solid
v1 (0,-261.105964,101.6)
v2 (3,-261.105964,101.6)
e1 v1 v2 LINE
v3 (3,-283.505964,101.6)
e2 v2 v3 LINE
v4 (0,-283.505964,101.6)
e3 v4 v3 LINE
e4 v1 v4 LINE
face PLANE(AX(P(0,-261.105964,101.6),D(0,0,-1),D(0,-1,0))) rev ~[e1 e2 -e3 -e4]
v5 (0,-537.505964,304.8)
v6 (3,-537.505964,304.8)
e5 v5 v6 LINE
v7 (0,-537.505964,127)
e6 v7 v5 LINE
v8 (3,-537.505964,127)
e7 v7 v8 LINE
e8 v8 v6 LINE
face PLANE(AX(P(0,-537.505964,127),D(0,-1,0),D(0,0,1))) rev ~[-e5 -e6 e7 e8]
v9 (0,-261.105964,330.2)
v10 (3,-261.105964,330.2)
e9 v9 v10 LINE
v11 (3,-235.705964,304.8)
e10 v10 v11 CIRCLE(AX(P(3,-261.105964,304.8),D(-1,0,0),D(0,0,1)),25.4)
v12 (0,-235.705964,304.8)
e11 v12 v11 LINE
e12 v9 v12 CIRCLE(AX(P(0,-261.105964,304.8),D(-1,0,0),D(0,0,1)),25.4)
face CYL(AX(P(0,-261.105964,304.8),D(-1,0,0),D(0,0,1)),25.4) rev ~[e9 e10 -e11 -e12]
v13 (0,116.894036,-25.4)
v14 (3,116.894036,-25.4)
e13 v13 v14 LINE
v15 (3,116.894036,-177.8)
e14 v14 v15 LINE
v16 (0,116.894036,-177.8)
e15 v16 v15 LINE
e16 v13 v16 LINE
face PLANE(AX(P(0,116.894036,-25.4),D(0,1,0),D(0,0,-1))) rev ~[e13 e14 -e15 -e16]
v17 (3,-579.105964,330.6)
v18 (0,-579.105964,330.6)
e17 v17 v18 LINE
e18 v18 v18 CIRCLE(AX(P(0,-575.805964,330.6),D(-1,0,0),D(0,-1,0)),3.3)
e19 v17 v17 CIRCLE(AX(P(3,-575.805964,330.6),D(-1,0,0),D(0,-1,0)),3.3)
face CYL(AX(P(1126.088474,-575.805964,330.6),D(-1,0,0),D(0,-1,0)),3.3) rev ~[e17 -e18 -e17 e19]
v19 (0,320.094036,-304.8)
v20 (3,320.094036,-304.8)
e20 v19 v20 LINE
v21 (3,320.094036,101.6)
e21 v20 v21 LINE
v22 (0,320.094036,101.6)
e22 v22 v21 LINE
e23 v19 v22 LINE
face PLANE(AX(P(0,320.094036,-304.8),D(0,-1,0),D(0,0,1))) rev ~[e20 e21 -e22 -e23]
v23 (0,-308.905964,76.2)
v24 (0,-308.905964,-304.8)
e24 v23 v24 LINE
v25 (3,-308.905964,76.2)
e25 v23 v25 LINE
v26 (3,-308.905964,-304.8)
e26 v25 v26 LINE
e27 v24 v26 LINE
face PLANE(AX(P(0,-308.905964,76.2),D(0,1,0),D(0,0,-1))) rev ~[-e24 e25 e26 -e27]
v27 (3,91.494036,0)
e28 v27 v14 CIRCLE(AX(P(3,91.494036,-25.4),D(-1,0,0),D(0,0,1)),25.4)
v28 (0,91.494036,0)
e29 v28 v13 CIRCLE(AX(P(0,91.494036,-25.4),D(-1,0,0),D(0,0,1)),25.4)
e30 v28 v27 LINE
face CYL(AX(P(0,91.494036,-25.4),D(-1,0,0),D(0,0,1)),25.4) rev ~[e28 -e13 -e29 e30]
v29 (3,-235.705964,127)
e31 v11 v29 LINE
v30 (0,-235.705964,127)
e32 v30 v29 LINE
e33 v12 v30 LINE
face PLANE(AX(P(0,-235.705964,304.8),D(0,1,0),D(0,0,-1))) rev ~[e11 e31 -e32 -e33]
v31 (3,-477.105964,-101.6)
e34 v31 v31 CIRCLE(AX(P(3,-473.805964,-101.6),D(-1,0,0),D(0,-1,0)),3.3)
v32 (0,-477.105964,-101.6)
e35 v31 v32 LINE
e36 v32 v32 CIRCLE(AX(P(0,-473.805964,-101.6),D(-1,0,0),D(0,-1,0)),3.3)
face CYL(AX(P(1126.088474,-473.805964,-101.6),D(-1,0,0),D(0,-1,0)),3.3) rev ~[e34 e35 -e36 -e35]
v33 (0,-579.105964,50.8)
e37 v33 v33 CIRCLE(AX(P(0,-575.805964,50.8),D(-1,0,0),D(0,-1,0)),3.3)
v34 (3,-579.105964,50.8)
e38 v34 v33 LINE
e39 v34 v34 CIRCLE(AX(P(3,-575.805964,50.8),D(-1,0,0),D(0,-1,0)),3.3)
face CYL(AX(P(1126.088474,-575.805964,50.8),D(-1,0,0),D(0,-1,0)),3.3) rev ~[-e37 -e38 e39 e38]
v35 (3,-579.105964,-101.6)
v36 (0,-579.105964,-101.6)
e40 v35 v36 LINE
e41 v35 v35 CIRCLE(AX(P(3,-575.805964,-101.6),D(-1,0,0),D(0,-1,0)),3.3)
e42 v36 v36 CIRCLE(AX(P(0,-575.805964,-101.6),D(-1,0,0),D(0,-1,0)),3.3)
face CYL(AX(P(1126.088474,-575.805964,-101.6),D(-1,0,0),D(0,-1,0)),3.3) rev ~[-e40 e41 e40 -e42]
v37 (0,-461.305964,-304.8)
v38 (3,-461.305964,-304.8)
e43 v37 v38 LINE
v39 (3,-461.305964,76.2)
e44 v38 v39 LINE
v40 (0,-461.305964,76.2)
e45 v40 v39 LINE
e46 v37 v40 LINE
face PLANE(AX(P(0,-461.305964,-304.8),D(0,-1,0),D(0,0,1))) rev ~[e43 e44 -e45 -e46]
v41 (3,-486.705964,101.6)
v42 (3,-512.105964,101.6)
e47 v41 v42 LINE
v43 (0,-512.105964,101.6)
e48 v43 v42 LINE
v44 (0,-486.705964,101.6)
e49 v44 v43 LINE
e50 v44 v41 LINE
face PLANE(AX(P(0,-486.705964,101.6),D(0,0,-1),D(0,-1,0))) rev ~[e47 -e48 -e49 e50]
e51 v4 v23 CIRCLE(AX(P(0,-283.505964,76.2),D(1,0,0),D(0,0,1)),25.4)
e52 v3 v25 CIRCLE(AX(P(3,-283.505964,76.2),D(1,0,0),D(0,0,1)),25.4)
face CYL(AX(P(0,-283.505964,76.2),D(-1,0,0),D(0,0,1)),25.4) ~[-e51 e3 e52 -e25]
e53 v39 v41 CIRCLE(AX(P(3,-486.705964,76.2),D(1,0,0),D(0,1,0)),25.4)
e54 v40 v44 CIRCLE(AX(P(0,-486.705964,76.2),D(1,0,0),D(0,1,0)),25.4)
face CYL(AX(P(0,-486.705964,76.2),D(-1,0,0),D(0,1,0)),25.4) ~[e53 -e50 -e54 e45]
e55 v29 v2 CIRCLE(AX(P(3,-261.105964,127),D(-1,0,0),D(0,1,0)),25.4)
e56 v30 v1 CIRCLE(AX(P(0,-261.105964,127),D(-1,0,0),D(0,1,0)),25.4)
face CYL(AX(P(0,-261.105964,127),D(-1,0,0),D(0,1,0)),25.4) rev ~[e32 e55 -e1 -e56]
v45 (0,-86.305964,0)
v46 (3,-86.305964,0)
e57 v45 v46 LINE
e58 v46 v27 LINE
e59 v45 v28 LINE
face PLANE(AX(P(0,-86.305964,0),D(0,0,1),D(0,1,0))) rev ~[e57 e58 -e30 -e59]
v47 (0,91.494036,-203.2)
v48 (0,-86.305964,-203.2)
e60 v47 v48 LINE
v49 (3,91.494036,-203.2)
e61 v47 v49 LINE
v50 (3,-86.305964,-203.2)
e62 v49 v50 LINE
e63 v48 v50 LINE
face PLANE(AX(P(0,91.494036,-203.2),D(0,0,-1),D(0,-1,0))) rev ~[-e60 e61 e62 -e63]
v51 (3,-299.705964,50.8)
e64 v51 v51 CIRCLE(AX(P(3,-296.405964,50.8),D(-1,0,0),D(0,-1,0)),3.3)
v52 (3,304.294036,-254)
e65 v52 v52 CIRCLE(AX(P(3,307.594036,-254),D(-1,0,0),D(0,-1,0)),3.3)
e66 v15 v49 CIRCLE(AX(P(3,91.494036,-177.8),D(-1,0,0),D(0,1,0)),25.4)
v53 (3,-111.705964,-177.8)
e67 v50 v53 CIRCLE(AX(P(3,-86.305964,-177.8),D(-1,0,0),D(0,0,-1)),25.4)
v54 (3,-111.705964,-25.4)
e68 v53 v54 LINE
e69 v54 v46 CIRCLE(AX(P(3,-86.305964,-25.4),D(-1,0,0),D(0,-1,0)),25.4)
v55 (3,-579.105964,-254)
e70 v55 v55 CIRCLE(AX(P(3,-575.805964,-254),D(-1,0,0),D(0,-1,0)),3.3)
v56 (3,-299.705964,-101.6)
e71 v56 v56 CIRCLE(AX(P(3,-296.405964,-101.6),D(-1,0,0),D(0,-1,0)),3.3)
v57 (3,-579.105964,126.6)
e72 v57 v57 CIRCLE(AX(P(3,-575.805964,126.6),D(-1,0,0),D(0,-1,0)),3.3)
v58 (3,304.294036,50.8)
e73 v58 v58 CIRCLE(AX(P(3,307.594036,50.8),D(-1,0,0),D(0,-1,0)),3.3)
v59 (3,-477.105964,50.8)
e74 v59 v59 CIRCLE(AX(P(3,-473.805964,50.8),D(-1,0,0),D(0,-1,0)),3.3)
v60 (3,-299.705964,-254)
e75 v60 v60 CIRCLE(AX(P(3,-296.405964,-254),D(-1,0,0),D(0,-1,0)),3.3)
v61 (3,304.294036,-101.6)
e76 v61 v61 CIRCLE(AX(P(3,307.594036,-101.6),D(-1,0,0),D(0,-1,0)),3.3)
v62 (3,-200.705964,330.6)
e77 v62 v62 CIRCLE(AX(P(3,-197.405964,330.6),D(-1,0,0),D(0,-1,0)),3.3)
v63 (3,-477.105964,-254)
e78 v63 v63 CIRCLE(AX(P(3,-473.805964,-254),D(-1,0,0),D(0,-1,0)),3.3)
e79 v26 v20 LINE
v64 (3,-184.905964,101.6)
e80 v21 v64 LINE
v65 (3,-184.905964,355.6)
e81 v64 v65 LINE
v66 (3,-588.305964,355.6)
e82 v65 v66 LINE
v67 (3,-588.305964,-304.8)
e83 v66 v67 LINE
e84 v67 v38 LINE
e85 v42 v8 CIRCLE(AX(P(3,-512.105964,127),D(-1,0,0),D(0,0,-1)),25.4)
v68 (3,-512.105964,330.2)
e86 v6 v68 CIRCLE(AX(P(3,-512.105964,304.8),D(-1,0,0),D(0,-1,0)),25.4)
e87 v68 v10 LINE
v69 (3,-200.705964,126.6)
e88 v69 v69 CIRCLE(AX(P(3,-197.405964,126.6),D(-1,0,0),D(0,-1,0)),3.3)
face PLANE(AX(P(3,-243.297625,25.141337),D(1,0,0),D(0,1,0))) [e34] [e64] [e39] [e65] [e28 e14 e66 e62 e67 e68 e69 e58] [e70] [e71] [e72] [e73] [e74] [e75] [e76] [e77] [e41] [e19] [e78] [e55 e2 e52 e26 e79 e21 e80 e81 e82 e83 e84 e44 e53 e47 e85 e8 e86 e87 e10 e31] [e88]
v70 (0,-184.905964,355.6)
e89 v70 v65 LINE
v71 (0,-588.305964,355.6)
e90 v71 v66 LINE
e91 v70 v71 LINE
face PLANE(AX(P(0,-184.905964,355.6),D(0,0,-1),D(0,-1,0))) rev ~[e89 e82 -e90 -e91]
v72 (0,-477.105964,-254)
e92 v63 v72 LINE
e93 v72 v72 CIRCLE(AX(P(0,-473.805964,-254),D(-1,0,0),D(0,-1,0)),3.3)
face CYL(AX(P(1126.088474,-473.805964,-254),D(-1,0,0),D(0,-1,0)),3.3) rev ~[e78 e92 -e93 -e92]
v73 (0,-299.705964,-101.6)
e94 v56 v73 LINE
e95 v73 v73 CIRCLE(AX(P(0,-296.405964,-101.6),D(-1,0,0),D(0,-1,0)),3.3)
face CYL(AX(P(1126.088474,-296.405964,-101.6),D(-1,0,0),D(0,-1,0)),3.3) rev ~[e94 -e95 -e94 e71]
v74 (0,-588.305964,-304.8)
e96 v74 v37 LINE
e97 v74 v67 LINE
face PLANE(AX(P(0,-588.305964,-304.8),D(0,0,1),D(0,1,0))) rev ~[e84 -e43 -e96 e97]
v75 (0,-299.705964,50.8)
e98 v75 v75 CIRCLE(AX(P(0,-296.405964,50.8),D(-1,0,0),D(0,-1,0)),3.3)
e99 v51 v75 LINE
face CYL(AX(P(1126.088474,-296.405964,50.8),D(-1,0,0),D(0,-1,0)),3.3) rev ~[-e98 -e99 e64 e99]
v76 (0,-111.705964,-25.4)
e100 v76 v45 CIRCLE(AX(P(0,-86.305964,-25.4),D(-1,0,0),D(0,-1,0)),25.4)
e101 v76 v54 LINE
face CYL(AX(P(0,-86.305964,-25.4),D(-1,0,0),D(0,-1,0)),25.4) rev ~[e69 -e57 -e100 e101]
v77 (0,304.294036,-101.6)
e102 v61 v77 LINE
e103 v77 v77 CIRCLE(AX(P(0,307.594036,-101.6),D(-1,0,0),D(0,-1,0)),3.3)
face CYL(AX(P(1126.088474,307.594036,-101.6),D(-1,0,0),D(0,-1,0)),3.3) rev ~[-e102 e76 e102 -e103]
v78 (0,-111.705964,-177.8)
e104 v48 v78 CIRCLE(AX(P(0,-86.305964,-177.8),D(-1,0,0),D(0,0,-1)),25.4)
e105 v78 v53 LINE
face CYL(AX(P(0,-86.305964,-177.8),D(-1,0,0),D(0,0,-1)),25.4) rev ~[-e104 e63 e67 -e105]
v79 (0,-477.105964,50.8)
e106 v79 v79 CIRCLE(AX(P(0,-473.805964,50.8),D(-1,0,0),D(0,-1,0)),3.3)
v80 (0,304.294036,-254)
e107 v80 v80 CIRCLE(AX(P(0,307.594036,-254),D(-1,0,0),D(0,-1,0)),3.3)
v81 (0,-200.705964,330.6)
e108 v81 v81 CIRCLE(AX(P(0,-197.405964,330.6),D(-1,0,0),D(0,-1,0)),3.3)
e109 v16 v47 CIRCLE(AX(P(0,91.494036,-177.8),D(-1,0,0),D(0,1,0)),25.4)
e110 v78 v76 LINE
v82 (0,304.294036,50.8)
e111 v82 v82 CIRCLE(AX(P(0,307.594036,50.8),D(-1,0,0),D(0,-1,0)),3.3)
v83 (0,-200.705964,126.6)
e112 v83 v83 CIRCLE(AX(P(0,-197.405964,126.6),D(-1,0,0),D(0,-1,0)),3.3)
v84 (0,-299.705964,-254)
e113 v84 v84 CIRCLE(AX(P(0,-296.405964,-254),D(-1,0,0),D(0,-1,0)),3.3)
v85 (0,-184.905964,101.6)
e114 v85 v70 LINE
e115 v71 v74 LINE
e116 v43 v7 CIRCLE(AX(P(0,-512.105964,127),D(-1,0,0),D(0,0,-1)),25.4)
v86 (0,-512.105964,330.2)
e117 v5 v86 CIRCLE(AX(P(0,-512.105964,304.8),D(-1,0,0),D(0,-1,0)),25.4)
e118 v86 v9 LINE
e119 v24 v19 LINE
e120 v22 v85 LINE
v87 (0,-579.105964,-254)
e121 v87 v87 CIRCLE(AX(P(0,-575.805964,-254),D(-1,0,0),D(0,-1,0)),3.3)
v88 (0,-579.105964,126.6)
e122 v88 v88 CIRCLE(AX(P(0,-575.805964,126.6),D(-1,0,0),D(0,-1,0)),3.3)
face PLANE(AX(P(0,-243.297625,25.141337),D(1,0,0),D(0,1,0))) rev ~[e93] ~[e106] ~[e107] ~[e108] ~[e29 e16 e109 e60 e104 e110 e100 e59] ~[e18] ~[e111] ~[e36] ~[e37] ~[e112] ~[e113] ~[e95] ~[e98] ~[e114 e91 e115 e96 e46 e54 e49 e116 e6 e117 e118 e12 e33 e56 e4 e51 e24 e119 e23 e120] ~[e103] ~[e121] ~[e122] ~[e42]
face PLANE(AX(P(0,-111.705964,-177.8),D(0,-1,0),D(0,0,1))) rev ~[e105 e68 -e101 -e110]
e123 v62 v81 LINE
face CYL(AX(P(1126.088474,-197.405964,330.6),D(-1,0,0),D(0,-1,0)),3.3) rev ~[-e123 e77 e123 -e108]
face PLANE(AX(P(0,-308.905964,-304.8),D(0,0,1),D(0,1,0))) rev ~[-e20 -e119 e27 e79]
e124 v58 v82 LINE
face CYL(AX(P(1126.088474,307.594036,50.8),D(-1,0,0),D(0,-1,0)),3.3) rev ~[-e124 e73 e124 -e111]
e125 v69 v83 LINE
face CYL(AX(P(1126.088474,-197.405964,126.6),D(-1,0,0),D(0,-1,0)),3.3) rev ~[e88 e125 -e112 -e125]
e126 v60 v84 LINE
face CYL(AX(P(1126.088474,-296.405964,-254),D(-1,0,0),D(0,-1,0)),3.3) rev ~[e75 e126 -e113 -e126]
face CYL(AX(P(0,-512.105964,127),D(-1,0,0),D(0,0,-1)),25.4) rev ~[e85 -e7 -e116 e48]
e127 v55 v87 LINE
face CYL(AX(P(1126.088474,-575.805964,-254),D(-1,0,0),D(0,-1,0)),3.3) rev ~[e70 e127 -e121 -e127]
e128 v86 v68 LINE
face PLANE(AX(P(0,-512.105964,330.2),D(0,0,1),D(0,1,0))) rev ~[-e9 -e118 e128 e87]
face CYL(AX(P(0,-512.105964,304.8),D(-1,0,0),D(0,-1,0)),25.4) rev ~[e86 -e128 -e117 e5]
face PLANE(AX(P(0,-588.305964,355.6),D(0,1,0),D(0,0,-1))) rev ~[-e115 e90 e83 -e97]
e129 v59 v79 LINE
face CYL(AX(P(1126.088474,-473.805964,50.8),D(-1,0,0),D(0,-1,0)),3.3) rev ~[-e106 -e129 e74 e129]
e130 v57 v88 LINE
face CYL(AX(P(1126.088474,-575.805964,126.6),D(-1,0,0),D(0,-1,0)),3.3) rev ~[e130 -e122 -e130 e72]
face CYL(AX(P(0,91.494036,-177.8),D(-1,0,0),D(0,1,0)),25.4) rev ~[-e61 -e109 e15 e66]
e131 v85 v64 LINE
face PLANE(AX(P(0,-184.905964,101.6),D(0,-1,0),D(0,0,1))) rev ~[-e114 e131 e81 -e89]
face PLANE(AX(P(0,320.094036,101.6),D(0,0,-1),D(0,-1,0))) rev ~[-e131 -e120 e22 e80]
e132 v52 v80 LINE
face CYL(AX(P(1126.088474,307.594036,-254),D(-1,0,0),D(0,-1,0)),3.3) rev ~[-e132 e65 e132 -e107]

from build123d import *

# Parameters (mm, degrees)
F1_DEPTH = 3
F3_D     = 6.6


with BuildPart() as f1:
    # F0 (on Right) → F1 (new body)
    with BuildSketch(Plane.YZ):
        with BuildLine():
            Line((-184.9059642707, 355.6), (-588.3059642707, 355.6))
            Line((-588.3059642707, 355.6), (-588.3059642707, -304.8))
            Line((-588.3059642707, -304.8), (-461.3059642707, -304.8))
            Line((-461.3059642707, -304.8), (-461.3059642707, 76.2))
            ThreePointArc((-461.3059642707, 76.2), (-468.7454520285, 94.1605122421), (-486.7059642707, 101.6))
            Line((-486.7059642707, 101.6), (-512.1059642707, 101.6))
            ThreePointArc((-512.1059642707, 101.6), (-530.0664765128, 109.0394877579), (-537.5059642707, 127))
            Line((-537.5059642707, 127), (-537.5059642707, 304.8))
            ThreePointArc((-537.5059642707, 304.8), (-530.0664765128, 322.7605122421), (-512.1059642707, 330.2))
            Line((-512.1059642707, 330.2), (-261.1059642707, 330.2))
            ThreePointArc((-261.1059642707, 330.2), (-243.1454520285, 322.7605122421), (-235.7059642707, 304.8))
            Line((-235.7059642707, 304.8), (-235.7059642707, 127))
            ThreePointArc((-235.7059642707, 127), (-243.1454520285, 109.0394877579), (-261.1059642707, 101.6))
            Line((-261.1059642707, 101.6), (-283.5059642707, 101.6))
            ThreePointArc((-283.5059642707, 101.6), (-301.4664765128, 94.1605122421), (-308.9059642707, 76.2))
            Line((-308.9059642707, 76.2), (-308.9059642707, -304.8))
            Line((-308.9059642707, -304.8), (-184.9059642707, -304.8))
            Line((-184.9059642707, -304.8), (320.0940357293, -304.8))
            Line((320.0940357293, -304.8), (320.0940357293, 101.6))
            Line((320.0940357293, 101.6), (-184.9059642707, 101.6))
            Line((-184.9059642707, 101.6), (-184.9059642707, 355.6))
        make_face()
        with BuildLine():
            ThreePointArc((-111.7059642707, -25.4), (-104.2664765128, -7.4394877579), (-86.3059642707, 0))
            Line((-86.3059642707, 0), (91.4940357293, 0))
            ThreePointArc((91.4940357293, 0), (109.4545479715, -7.4394877579), (116.8940357293, -25.4))
            Line((116.8940357293, -25.4), (116.8940357293, -177.8))
            ThreePointArc((116.8940357293, -177.8), (109.4545479715, -195.7605122421), (91.4940357293, -203.2))
            Line((91.4940357293, -203.2), (-86.3059642707, -203.2))
            ThreePointArc((-86.3059642707, -203.2), (-104.2664765128, -195.7605122421), (-111.7059642707, -177.8))
            Line((-111.7059642707, -177.8), (-111.7059642707, -25.4))
        make_face(mode=Mode.SUBTRACT)
    extrude(amount=F1_DEPTH)

    # F3 (through all)
    with Locations(Plane.YZ.offset(3)):
        with Locations((-575.8059642707, 50.8), (-575.8059642707, 126.6), (-575.8059642707, 330.6), (-575.8059642707, -101.6), (-575.8059642707, -254), (-473.8059642707, -101.6), (-473.8059642707, 50.8), (-197.4059642707, 330.6), (-197.4059642707, 126.6), (-296.4059642707, 50.8), (-296.4059642707, -101.6), (-296.4059642707, -254), (307.5940357293, 50.8), (307.5940357293, -101.6), (307.5940357293, -254), (-473.8059642707, -254)):
            Hole(F3_D / 2)


solid = f1.part
